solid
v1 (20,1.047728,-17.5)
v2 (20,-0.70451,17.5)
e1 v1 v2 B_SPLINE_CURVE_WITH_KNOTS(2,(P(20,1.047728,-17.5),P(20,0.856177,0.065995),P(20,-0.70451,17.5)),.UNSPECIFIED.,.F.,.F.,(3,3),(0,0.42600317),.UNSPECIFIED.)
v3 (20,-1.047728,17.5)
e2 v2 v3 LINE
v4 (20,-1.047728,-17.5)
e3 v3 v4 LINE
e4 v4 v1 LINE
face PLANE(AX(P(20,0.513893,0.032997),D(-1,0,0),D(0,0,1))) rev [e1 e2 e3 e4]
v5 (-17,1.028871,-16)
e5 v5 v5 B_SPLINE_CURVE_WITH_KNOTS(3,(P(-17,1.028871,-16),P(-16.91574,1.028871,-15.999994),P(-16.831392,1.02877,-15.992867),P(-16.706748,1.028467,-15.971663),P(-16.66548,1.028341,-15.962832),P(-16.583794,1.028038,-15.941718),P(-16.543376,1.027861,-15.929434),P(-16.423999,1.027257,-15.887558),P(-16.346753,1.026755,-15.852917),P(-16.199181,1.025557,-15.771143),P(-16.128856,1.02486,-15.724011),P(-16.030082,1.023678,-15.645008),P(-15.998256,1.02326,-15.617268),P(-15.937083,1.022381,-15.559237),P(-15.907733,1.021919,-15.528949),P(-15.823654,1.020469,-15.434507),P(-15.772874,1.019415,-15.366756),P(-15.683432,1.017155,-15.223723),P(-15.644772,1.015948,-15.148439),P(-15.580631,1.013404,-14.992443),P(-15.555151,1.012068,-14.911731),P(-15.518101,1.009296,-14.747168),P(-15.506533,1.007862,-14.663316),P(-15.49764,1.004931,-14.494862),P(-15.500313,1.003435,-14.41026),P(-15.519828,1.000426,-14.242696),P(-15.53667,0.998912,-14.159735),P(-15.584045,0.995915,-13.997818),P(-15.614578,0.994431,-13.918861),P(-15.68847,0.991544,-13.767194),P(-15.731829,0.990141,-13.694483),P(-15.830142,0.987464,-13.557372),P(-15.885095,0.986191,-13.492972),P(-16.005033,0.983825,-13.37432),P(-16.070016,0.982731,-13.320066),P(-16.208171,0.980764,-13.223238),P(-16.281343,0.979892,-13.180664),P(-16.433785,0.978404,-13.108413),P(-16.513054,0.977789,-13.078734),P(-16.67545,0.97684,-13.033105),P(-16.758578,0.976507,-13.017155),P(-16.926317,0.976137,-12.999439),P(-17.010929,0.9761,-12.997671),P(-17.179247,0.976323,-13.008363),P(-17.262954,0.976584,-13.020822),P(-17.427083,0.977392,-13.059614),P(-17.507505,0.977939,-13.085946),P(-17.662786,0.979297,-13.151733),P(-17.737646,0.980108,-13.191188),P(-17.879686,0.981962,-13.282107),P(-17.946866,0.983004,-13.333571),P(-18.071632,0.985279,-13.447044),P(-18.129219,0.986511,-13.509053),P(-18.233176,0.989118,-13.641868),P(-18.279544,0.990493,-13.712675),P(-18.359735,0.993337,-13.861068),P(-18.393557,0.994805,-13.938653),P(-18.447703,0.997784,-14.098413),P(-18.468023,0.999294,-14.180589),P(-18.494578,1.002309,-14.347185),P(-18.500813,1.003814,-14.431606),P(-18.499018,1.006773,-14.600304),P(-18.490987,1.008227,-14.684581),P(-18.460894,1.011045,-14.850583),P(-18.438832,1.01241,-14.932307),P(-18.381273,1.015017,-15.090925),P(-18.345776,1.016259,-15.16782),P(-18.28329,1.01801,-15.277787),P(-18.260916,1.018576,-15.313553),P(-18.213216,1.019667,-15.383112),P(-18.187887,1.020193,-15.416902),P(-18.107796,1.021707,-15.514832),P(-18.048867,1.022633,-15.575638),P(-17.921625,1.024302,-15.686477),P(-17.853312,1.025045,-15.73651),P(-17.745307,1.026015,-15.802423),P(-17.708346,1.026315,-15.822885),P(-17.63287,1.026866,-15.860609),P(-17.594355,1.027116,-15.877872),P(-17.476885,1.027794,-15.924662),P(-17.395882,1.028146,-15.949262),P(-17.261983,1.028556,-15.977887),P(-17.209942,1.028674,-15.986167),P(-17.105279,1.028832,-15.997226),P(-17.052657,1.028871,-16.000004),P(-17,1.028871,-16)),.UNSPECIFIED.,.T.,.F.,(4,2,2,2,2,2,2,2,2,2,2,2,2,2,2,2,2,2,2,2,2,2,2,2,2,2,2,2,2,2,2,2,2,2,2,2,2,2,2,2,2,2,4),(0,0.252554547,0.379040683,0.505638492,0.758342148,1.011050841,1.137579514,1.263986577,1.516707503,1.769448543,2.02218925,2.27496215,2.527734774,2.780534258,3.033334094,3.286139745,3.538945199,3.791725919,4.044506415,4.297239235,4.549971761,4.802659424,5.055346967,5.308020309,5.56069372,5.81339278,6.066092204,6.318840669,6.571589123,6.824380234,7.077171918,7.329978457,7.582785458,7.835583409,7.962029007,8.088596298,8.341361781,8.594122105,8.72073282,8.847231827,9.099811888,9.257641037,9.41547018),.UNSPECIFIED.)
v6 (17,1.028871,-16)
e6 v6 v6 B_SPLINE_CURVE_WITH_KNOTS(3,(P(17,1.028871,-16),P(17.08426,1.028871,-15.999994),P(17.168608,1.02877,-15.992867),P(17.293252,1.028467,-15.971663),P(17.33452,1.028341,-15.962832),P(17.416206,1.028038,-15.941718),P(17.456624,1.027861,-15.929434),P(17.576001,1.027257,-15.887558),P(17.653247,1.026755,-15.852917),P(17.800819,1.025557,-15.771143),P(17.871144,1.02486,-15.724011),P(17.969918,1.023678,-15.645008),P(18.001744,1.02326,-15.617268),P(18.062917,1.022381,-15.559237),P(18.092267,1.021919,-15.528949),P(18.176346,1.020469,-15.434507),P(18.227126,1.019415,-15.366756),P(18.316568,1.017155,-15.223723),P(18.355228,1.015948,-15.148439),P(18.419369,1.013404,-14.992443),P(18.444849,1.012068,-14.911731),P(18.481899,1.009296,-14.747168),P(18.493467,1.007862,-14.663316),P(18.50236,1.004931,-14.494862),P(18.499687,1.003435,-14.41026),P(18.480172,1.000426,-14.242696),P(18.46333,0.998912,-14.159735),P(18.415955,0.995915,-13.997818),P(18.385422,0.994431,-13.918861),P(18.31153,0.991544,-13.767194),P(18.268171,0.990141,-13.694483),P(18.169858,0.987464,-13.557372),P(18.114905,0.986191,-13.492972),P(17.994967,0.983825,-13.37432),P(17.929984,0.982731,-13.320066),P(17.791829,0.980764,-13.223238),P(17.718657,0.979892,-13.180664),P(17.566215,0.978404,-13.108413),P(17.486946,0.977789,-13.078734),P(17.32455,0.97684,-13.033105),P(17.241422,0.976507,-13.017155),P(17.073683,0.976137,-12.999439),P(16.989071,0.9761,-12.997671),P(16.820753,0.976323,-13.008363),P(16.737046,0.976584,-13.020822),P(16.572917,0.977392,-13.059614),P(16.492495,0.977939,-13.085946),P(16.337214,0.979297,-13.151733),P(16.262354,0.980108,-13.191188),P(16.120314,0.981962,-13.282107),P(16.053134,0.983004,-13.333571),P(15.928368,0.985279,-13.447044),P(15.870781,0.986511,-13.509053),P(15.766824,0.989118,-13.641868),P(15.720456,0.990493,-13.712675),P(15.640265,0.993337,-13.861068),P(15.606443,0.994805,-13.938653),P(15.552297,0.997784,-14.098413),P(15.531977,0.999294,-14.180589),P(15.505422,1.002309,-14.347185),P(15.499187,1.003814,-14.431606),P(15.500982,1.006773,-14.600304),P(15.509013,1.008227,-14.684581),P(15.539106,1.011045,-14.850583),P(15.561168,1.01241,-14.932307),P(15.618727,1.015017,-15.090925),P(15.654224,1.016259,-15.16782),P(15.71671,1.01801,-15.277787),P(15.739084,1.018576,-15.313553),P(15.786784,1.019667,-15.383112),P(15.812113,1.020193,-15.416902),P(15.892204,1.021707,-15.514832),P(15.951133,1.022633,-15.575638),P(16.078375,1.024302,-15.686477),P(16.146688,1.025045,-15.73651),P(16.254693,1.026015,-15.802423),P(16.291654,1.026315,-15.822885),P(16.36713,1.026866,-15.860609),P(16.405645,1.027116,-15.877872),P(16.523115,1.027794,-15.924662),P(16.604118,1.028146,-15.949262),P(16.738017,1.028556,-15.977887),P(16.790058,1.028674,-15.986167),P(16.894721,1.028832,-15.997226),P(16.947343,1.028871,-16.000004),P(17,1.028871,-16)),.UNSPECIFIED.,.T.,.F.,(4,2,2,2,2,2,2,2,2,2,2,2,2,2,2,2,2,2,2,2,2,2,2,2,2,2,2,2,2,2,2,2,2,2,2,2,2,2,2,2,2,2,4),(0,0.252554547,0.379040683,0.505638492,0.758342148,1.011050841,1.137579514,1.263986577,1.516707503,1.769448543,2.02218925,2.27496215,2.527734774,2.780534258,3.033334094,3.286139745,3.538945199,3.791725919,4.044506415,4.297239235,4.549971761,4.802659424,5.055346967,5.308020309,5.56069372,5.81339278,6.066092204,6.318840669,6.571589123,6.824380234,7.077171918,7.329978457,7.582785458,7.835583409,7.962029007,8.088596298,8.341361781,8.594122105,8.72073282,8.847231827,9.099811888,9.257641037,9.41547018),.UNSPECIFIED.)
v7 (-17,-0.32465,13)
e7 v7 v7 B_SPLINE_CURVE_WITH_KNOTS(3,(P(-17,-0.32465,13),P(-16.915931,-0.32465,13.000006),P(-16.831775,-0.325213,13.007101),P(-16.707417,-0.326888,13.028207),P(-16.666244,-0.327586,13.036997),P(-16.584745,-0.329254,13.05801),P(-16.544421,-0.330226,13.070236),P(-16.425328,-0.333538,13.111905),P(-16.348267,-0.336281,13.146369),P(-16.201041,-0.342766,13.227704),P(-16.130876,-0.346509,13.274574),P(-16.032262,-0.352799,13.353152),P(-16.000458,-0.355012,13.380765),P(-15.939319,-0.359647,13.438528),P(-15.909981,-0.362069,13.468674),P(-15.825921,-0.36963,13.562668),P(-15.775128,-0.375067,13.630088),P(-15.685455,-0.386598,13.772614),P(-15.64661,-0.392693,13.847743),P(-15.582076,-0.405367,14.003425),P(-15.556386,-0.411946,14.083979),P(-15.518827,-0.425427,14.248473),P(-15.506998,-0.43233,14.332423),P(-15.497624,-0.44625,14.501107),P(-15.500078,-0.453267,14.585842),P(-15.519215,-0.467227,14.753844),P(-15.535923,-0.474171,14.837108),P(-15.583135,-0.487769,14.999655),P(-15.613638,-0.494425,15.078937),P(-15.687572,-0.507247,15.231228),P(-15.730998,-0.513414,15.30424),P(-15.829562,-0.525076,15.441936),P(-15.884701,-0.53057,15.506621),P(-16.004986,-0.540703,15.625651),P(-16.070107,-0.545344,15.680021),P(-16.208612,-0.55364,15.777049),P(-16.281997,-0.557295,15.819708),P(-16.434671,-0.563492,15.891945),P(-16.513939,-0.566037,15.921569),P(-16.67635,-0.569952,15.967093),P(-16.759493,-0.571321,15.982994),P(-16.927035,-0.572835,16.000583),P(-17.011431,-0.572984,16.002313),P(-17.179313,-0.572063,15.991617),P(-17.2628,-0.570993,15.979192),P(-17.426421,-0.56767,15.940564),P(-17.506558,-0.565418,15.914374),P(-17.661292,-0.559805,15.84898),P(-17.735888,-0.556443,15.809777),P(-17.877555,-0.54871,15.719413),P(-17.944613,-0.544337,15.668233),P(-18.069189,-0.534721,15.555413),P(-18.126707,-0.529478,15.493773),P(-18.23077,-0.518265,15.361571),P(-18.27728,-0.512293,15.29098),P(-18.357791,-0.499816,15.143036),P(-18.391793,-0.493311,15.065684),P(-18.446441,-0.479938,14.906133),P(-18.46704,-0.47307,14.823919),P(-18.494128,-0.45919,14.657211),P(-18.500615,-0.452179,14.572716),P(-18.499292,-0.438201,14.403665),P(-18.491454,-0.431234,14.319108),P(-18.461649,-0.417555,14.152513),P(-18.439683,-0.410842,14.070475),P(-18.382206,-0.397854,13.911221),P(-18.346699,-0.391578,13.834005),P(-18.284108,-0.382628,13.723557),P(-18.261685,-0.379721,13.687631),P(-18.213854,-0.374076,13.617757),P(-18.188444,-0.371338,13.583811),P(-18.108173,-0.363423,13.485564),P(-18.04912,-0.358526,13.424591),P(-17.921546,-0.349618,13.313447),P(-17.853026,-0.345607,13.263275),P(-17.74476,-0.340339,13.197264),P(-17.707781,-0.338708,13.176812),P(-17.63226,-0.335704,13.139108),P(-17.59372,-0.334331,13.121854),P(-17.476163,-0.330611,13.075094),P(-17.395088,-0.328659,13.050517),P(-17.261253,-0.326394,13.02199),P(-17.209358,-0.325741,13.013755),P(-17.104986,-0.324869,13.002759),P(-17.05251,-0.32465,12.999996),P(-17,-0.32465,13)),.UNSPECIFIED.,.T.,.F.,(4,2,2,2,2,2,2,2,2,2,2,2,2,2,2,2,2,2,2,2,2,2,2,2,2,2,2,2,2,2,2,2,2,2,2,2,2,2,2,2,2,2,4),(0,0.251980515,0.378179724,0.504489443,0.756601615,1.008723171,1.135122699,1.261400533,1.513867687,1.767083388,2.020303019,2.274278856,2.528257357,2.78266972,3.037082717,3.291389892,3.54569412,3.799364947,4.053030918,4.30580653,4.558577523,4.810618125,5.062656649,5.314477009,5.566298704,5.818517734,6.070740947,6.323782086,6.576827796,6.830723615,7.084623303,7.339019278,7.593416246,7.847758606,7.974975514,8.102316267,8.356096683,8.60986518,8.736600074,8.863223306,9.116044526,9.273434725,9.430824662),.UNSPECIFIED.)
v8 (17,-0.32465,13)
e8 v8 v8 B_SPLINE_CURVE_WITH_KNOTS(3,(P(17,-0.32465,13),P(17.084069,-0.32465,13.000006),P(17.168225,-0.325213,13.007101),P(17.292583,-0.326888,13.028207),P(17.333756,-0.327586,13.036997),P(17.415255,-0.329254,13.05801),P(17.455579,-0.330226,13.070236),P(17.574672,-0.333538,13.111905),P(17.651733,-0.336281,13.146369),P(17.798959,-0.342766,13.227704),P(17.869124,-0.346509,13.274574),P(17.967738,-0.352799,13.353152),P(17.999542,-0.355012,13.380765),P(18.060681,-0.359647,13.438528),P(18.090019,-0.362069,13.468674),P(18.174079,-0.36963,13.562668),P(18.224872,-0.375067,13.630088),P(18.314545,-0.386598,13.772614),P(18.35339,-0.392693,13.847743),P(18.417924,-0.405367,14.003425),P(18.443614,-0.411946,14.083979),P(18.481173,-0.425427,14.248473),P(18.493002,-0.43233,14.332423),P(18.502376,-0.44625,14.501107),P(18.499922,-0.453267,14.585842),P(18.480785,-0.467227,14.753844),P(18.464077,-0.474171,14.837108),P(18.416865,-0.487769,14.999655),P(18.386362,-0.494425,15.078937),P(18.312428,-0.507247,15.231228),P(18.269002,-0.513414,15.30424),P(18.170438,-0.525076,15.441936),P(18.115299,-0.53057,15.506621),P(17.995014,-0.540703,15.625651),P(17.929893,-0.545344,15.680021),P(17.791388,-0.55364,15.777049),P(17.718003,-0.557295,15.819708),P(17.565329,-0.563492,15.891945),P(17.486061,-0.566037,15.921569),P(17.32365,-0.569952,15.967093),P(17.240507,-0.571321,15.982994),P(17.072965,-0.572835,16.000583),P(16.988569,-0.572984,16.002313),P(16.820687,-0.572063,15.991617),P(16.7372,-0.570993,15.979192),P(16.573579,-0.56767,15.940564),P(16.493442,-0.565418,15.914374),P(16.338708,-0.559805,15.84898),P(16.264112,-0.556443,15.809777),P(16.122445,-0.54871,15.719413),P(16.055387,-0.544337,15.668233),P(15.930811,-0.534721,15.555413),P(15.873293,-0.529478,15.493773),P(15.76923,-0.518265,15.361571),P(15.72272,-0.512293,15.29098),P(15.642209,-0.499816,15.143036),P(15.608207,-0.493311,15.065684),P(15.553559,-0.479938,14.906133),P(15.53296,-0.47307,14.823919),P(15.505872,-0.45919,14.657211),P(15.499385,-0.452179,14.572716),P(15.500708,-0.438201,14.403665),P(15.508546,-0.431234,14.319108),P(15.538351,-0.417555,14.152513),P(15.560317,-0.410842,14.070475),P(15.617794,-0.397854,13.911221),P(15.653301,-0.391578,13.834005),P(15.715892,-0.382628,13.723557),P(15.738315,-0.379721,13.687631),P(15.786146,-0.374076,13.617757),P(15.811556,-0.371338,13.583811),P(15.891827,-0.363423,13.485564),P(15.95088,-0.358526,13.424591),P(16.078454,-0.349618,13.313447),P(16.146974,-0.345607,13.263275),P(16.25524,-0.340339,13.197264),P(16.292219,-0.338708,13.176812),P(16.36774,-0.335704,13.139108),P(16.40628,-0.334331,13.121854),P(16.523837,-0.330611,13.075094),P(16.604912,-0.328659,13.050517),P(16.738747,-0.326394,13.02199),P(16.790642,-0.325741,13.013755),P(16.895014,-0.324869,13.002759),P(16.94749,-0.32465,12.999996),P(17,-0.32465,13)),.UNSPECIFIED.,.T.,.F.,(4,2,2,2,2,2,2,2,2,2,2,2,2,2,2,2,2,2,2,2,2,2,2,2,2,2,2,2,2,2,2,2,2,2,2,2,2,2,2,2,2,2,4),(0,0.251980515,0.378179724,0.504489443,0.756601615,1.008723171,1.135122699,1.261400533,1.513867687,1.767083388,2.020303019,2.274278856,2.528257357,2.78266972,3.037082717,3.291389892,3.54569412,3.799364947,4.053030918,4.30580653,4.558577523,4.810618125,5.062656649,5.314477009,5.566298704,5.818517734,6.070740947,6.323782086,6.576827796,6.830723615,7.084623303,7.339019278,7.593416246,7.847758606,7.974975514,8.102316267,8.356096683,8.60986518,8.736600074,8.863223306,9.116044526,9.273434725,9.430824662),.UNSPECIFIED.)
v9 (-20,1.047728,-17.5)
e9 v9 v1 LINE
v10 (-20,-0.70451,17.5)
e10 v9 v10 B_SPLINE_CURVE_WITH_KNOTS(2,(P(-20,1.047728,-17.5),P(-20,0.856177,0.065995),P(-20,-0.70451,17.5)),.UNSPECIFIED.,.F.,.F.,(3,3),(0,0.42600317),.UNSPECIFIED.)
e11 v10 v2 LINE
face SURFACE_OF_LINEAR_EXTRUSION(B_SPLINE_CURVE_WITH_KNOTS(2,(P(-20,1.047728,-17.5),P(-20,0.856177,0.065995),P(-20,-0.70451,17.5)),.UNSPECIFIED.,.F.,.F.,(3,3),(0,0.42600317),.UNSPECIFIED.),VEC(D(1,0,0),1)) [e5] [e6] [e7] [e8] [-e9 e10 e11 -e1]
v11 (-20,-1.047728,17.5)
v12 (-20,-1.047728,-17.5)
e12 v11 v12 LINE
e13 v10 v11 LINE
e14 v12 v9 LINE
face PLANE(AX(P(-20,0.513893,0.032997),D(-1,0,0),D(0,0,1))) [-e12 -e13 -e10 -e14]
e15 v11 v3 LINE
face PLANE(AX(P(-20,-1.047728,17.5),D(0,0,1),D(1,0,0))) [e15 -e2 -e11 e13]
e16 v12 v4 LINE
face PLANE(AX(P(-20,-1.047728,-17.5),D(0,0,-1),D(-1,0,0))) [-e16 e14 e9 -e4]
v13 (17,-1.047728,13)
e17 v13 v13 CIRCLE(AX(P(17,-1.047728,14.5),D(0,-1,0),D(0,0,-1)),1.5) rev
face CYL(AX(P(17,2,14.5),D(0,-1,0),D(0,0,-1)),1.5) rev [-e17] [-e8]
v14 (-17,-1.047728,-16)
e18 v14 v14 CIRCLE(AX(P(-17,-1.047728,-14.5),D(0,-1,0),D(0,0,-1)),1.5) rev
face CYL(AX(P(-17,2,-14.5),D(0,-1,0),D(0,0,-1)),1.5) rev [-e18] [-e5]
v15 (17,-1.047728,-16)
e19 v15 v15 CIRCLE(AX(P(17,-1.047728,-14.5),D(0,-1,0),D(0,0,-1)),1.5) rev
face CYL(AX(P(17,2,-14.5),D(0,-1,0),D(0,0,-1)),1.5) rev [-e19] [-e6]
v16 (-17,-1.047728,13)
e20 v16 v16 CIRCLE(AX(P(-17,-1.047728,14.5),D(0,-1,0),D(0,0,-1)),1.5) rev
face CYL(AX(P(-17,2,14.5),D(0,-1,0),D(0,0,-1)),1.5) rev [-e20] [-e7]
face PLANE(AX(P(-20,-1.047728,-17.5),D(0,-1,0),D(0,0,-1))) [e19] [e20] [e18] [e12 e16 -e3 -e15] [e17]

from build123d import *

# Parameters (mm, degrees)
EXTRUDE_1_DEPTH          = 20
EXTRUDE_1_DEPTH_BACK     = 20
CUT_EXTRUDE_1_DEPTH      = 2
CUT_EXTRUDE_1_DEPTH_BACK = 2
SKETCH_1_R               = 1.5


with BuildPart() as part:
    # Эскиз2 → Бобышка-Вытянуть1 (new, two sides: drawn at the far end of the back side and taken through both)
    with BuildSketch(Plane(origin=(0, 0, 0), x_dir=(0, 0, -1), z_dir=(1, 0, 0)).offset(-EXTRUDE_1_DEPTH_BACK)):
        with BuildLine():
            Line((17.5, -1.047727657), (-17.5, -1.047727657))
            Line((-17.5, -1.047727657), (-17.5, -0.704509614))
            add(Edge.make_bspline(
                [(17.5, 1.047727657), (-0.065994776, 0.856176588), (-17.5, -0.704509614)],
                knots=[0, 0, 0, 0.42600317, 0.42600317, 0.42600317], degree=2))
            Line((17.5, 1.047727657), (17.5, -1.047727657))
        make_face()
    extrude(amount=EXTRUDE_1_DEPTH + EXTRUDE_1_DEPTH_BACK)

    # Эскиз1 → Вырез-Вытянуть1 (cut, two sides: drawn at the far end of the back side and taken through both)
    with BuildSketch(Plane(origin=(0, 0, 0), x_dir=(1, 0, 0), z_dir=(0, 1, 0)).offset(-CUT_EXTRUDE_1_DEPTH_BACK)):
        with Locations((-17, 14.5)):
            Circle(SKETCH_1_R)
        with Locations((17, 14.5)):
            Circle(SKETCH_1_R)
        with Locations((-17, -14.5)):
            Circle(SKETCH_1_R)
        with Locations((17, -14.5)):
            Circle(SKETCH_1_R)
    extrude(amount=CUT_EXTRUDE_1_DEPTH + CUT_EXTRUDE_1_DEPTH_BACK, mode=Mode.SUBTRACT)


solid = part.part
